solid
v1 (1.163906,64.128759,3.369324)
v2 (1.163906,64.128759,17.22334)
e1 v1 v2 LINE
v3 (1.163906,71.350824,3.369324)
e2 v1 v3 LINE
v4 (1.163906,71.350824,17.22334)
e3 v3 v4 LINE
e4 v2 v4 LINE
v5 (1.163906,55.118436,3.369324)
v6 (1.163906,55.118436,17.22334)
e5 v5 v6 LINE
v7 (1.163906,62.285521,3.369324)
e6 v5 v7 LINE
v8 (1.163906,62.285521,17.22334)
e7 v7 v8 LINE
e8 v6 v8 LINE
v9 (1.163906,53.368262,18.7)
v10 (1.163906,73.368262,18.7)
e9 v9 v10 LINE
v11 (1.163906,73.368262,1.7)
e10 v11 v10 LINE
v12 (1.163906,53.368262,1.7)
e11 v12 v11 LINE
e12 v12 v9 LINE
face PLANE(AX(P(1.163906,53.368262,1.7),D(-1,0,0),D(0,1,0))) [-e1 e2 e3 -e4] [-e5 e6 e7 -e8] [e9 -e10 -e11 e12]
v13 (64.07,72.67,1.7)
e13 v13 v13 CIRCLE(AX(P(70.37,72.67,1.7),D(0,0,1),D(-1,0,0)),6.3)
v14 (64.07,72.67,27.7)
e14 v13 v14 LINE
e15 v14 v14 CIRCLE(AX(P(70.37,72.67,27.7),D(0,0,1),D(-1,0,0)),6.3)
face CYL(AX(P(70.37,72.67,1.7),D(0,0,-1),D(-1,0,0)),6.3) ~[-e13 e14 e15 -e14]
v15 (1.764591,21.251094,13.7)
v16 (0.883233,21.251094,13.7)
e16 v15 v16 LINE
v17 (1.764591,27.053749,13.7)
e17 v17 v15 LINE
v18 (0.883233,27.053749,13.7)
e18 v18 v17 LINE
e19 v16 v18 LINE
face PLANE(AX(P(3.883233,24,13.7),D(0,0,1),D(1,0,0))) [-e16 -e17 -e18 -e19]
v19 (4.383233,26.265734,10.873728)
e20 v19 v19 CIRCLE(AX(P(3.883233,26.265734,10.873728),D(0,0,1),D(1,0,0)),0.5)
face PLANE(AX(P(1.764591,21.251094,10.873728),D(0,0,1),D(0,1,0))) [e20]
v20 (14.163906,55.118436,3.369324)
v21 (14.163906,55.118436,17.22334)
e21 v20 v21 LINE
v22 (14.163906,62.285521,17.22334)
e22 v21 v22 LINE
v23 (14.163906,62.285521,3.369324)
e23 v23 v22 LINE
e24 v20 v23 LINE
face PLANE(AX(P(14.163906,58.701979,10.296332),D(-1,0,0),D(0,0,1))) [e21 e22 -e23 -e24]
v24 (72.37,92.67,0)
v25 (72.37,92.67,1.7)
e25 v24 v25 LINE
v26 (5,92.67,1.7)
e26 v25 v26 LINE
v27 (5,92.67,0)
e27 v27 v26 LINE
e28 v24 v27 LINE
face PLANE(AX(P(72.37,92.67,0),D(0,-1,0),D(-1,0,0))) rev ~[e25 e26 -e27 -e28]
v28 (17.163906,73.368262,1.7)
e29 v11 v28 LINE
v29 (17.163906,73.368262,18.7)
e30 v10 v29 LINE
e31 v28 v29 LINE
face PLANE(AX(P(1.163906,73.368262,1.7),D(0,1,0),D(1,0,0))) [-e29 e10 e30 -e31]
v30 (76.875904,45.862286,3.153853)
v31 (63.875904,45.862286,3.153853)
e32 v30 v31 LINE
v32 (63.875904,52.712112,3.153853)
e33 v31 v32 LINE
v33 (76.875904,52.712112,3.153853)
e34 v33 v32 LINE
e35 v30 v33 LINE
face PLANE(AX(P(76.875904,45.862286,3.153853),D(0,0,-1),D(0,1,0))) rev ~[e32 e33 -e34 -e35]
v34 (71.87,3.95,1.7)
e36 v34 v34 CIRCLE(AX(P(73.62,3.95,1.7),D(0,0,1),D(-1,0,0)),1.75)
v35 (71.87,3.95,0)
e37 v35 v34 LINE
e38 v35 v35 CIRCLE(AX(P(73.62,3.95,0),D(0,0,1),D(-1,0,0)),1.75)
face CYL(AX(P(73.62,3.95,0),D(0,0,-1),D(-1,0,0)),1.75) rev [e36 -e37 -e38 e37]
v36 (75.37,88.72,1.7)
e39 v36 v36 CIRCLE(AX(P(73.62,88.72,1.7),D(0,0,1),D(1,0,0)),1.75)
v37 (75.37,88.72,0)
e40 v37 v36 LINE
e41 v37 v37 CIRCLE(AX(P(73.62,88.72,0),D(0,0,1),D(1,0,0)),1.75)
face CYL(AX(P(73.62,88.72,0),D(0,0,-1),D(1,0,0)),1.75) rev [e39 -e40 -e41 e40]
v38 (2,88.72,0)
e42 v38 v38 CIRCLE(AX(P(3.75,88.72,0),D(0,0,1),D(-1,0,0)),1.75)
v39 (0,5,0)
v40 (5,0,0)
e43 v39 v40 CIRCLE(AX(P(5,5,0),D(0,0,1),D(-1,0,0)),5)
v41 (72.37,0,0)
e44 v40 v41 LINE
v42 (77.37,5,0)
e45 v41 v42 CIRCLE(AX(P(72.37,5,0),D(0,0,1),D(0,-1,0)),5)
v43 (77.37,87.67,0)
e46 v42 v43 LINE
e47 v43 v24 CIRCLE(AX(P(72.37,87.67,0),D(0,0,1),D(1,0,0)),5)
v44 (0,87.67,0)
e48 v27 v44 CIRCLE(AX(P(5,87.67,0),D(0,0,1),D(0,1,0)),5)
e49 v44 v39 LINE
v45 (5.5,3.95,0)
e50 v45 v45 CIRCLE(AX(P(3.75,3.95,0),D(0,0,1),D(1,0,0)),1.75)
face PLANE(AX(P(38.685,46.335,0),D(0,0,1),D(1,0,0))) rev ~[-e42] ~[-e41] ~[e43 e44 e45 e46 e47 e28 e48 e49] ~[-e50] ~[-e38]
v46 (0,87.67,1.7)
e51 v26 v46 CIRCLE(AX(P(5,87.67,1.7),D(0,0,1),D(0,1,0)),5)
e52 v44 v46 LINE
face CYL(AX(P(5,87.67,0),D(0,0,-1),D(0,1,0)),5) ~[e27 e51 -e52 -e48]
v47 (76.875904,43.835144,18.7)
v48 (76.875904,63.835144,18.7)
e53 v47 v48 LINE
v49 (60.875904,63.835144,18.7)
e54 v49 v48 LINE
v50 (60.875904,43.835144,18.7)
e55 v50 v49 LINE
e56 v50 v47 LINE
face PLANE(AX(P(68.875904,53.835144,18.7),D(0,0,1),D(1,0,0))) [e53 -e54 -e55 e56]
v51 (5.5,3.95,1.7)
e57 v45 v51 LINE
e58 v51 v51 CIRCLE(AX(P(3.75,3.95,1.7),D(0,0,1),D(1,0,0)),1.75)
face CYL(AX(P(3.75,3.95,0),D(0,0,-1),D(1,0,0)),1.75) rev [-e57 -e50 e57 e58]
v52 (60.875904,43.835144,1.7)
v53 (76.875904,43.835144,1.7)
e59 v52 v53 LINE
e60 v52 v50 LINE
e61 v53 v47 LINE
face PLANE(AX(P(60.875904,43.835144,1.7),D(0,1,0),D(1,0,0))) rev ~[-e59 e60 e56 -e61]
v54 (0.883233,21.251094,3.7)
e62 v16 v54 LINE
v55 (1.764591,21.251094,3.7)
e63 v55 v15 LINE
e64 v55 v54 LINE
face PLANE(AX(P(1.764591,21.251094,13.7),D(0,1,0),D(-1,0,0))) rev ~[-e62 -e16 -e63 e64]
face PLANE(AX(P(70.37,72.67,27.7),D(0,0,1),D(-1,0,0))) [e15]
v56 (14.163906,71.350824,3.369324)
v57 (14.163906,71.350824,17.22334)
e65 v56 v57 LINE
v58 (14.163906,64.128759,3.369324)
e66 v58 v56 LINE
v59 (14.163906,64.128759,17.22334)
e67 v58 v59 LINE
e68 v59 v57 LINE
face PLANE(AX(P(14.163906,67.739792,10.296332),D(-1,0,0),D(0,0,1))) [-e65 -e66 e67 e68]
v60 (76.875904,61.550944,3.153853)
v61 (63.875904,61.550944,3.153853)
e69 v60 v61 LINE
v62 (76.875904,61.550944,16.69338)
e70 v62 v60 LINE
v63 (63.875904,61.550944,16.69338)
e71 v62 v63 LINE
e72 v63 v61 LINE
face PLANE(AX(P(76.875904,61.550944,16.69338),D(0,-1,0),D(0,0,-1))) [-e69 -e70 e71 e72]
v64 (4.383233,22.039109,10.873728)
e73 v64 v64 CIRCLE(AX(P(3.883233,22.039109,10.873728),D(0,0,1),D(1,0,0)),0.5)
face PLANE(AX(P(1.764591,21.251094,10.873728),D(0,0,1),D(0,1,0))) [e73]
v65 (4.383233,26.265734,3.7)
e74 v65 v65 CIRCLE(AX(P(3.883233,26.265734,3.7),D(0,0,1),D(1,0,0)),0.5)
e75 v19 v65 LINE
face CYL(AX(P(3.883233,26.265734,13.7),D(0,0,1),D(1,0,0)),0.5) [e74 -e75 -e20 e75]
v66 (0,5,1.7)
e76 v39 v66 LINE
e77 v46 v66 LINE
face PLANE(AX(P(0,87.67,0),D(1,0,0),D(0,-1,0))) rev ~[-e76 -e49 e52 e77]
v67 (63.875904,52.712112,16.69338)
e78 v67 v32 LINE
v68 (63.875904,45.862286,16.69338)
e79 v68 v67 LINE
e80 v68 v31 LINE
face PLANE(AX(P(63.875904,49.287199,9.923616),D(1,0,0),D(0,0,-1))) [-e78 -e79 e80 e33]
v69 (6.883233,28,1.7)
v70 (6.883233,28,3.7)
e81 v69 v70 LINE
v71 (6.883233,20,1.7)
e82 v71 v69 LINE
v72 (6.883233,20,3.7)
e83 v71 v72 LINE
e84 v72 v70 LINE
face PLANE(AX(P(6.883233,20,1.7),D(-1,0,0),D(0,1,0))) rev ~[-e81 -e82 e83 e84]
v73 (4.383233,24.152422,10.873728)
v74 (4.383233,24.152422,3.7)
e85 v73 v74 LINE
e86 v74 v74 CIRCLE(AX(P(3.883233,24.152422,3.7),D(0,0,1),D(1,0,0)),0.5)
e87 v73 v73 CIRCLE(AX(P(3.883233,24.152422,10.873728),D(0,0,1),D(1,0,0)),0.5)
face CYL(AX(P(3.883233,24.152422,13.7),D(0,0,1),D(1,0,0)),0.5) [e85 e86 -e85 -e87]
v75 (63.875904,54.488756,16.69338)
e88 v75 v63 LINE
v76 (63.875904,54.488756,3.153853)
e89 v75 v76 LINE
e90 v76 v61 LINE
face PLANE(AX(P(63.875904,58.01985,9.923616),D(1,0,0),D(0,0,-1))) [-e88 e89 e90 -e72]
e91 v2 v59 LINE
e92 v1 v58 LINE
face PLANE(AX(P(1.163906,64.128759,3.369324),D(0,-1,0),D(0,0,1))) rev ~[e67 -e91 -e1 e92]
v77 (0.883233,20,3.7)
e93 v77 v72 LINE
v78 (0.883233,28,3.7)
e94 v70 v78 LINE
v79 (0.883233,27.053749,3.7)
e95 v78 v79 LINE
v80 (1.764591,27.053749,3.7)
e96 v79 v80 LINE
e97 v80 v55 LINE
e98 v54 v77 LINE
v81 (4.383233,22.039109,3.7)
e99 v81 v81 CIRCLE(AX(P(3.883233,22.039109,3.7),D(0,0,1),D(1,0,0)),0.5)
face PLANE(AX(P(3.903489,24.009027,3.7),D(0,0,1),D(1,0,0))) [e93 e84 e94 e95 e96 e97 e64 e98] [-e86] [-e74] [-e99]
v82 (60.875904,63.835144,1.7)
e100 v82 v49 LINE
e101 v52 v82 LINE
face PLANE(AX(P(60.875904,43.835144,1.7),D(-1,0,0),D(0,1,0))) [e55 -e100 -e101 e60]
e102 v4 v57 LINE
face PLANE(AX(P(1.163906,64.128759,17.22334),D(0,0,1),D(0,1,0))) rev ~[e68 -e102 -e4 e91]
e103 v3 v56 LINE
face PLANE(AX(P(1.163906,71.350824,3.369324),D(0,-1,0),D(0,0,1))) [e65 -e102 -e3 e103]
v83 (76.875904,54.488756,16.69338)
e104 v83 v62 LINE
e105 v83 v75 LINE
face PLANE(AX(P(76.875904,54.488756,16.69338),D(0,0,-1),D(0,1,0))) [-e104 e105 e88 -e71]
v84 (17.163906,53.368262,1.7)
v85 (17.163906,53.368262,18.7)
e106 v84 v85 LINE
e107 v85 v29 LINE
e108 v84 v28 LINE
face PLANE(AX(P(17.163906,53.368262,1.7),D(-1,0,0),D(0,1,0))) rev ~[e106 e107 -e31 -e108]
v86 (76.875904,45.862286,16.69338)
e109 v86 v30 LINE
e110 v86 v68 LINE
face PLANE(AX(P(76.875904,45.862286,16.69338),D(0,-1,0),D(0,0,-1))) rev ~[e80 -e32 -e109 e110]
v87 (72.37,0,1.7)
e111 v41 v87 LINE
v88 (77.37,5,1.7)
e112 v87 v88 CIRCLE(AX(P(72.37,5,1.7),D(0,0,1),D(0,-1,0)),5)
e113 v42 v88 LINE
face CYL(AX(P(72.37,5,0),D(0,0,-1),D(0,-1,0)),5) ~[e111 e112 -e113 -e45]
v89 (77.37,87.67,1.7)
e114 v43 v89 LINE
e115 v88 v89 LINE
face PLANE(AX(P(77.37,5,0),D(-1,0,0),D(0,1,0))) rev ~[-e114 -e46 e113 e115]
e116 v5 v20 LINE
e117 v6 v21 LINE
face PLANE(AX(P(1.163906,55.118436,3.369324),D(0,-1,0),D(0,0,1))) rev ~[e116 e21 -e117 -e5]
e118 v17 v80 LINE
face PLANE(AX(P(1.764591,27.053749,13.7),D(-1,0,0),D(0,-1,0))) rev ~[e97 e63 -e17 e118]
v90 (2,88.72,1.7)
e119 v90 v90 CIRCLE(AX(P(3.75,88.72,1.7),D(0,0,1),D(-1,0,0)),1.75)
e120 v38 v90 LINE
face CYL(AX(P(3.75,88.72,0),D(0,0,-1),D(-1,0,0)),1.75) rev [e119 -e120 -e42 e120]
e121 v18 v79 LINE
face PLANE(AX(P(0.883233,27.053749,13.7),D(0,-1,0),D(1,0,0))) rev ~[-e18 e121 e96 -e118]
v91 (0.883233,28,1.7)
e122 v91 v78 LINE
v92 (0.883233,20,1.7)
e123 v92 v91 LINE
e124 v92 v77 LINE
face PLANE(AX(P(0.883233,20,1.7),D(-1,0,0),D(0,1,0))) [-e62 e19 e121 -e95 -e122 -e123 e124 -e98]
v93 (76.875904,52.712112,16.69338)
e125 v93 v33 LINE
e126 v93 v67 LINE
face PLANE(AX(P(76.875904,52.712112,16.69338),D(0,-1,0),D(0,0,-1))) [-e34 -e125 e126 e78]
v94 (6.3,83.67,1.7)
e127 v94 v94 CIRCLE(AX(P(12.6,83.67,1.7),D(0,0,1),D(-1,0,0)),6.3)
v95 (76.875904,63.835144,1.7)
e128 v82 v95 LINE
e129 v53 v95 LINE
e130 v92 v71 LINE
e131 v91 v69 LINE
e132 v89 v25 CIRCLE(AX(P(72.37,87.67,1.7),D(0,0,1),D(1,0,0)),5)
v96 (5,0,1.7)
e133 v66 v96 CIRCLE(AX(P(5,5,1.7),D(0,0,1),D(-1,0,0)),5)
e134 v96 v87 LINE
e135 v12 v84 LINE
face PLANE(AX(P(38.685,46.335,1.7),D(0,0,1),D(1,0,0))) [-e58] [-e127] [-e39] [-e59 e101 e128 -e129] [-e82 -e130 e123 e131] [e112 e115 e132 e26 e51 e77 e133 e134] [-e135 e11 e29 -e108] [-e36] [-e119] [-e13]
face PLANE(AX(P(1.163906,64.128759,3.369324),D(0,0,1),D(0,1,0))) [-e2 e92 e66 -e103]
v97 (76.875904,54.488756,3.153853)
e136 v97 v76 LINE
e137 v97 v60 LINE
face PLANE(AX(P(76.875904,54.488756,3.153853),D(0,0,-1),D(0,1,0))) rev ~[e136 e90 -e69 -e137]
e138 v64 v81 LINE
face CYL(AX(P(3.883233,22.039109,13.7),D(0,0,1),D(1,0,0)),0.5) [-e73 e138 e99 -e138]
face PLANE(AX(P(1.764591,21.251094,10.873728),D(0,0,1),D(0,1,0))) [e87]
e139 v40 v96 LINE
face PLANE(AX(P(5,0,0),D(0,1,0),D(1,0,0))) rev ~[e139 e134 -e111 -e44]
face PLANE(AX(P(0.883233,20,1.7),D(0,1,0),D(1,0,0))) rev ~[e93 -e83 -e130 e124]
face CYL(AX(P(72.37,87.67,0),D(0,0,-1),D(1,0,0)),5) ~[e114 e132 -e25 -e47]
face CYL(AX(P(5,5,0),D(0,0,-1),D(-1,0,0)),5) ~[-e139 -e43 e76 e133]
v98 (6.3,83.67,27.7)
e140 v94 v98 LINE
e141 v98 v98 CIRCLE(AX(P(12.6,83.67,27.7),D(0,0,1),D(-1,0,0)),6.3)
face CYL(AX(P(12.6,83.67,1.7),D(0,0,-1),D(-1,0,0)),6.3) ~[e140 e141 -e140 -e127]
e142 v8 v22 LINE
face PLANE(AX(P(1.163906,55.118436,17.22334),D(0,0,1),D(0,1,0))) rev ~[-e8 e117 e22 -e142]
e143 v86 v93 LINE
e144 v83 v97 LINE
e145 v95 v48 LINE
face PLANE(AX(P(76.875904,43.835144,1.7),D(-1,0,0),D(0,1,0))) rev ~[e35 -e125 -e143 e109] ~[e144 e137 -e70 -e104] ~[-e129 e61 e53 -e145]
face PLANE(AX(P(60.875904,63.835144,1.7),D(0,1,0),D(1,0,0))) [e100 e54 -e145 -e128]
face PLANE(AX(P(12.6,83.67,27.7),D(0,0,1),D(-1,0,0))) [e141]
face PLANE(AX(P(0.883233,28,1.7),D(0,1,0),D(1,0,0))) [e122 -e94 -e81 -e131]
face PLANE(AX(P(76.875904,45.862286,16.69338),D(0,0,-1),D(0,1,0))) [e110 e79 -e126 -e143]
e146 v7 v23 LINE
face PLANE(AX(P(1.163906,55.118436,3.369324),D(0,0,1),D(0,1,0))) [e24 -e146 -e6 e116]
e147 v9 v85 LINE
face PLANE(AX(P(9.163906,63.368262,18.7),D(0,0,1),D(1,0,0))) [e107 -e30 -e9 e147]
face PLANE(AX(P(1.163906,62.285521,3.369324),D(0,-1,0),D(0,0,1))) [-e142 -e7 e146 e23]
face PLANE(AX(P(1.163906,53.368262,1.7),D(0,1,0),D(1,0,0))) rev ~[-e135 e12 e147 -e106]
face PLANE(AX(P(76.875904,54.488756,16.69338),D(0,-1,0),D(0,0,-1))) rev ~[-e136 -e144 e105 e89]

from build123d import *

# Parameters (mm, degrees)
SKETCH1_R           = 1.75
BOSS_EXTRUDE1_DEPTH = 1.7
SKETCH2_R           = 6.3
BOSS_EXTRUDE2_DEPTH = 26
SKETCH3_W           = 16
SKETCH3_H           = 20
BOSS_EXTRUDE3_DEPTH = 17
SKETCH4_W           = 13.854016079
SKETCH4_H           = 7.22206482
SKETCH4_H_2         = 7.167084928
CUT_EXTRUDE1_DEPTH  = 13
SKETCH5_W           = 13.539526547
SKETCH5_H           = 7.062187725
SKETCH5_H_2         = 6.849826242
CUT_EXTRUDE2_DEPTH  = 13
SKETCH6_W           = 6
SKETCH6_H           = 8
BOSS_EXTRUDE5_DEPTH = 12
SKETCH7_R           = 0.5
CUT_EXTRUDE3_DEPTH  = 10
SKETCH8_W           = 2.826271855
SKETCH8_H           = 5.802654235
CUT_EXTRUDE4_DEPTH  = 123.76480237


with BuildPart() as part:
    # Sketch1 → Boss-Extrude1 (new body)
    with BuildSketch(Plane.XY):
        with BuildLine():
            Line((5, 0), (72.37, 0))
            ThreePointArc((72.37, 0), (75.905533906, 1.464466094), (77.37, 5))
            Line((77.37, 5), (77.37, 87.67))
            ThreePointArc((77.37, 87.67), (75.905533906, 91.205533906), (72.37, 92.67))
            Line((72.37, 92.67), (5, 92.67))
            ThreePointArc((5, 92.67), (1.464466094, 91.205533906), (0, 87.67))
            Line((0, 87.67), (0, 5))
            ThreePointArc((0, 5), (1.464466094, 1.464466094), (5, 0))
        make_face()
        with Locations((73.62, 88.72)):
            Circle(SKETCH1_R, mode=Mode.SUBTRACT)
        with Locations(Location((3.75, 88.72, 0), (0, 0, 180))):
            Circle(SKETCH1_R, mode=Mode.SUBTRACT)
        with Locations((3.75, 3.95)):
            Circle(SKETCH1_R, mode=Mode.SUBTRACT)
        with Locations(Location((73.62, 3.95, 0), (0, 0, 180))):
            Circle(SKETCH1_R, mode=Mode.SUBTRACT)
    extrude(amount=BOSS_EXTRUDE1_DEPTH)

    # Sketch2 → Boss-Extrude2 (add)
    with BuildSketch(Plane.XY.offset(1.7)):
        with Locations(Location((12.6, 83.67, 0), (0, 0, 180))):
            Circle(SKETCH2_R)
        with Locations(Location((70.37, 72.67, 0), (0, 0, 180))):
            Circle(SKETCH2_R)
    extrude(amount=BOSS_EXTRUDE2_DEPTH)

    # Sketch3 → Boss-Extrude3 (add)
    with BuildSketch(Plane.XY.offset(1.7)):
        with Locations((68.875904293, 53.835144036)):
            Rectangle(SKETCH3_W, SKETCH3_H)
        with Locations((9.163906292, 63.368262293)):
            Rectangle(SKETCH3_W, SKETCH3_H)
    extrude(amount=BOSS_EXTRUDE3_DEPTH)

    # Sketch4 → Cut-Extrude1 (cut)
    with BuildSketch(Plane.ZY.offset(-1.163906292)):
        with Locations((10.29633171, 67.739791882)):
            Rectangle(SKETCH4_W, SKETCH4_H)
        with Locations((10.29633171, 58.701978818)):
            Rectangle(SKETCH4_W, SKETCH4_H_2)
    extrude(amount=-CUT_EXTRUDE1_DEPTH, mode=Mode.SUBTRACT)

    # Sketch5 → Cut-Extrude2 (cut)
    with BuildSketch(Plane(origin=(76.875904293, 0, 0), x_dir=(0, 0, -1), z_dir=(1, 0, 0))):
        with Locations((-9.923616317, 58.019849725)):
            Rectangle(SKETCH5_W, SKETCH5_H)
        with Locations((-9.923616317, 49.287198962)):
            Rectangle(SKETCH5_W, SKETCH5_H_2)
    extrude(amount=-CUT_EXTRUDE2_DEPTH, mode=Mode.SUBTRACT)

    # Sketch6 → Boss-Extrude5 (add)
    with BuildSketch(Plane.XY.offset(1.7)):
        with Locations((3.883233482, 24)):
            Rectangle(SKETCH6_W, SKETCH6_H)
    extrude(amount=BOSS_EXTRUDE5_DEPTH)

    # Sketch7 → Cut-Extrude3 (cut)
    with BuildSketch(Plane.XY.offset(13.7)):
        Polygon((6.883233482, 28), (0.883233482, 28), (0.883233482, 27.053748642), (1.764591458, 27.053748642), (1.764591458, 21.251094407), (0.883233482, 21.251094407), (0.883233482, 20), (6.883233482, 20), align=None)
        with Locations((3.883233482, 22.03910918)):
            Circle(SKETCH7_R, mode=Mode.SUBTRACT)
        with Locations((3.883233482, 24.152421525)):
            Circle(SKETCH7_R, mode=Mode.SUBTRACT)
        with Locations((3.883233482, 26.265733869)):
            Circle(SKETCH7_R, mode=Mode.SUBTRACT)
    extrude(amount=-CUT_EXTRUDE3_DEPTH, mode=Mode.SUBTRACT)

    # Sketch8 → Cut-Extrude4 (cut, through all)
    with BuildSketch(Plane(origin=(1.764591458, 0, 0), x_dir=(0, 0, -1), z_dir=(1, 0, 0))):
        with Locations((-12.286864073, 24.152421524)):
            Rectangle(SKETCH8_W, SKETCH8_H)
    extrude(amount=CUT_EXTRUDE4_DEPTH, mode=Mode.SUBTRACT)


solid = part.part
